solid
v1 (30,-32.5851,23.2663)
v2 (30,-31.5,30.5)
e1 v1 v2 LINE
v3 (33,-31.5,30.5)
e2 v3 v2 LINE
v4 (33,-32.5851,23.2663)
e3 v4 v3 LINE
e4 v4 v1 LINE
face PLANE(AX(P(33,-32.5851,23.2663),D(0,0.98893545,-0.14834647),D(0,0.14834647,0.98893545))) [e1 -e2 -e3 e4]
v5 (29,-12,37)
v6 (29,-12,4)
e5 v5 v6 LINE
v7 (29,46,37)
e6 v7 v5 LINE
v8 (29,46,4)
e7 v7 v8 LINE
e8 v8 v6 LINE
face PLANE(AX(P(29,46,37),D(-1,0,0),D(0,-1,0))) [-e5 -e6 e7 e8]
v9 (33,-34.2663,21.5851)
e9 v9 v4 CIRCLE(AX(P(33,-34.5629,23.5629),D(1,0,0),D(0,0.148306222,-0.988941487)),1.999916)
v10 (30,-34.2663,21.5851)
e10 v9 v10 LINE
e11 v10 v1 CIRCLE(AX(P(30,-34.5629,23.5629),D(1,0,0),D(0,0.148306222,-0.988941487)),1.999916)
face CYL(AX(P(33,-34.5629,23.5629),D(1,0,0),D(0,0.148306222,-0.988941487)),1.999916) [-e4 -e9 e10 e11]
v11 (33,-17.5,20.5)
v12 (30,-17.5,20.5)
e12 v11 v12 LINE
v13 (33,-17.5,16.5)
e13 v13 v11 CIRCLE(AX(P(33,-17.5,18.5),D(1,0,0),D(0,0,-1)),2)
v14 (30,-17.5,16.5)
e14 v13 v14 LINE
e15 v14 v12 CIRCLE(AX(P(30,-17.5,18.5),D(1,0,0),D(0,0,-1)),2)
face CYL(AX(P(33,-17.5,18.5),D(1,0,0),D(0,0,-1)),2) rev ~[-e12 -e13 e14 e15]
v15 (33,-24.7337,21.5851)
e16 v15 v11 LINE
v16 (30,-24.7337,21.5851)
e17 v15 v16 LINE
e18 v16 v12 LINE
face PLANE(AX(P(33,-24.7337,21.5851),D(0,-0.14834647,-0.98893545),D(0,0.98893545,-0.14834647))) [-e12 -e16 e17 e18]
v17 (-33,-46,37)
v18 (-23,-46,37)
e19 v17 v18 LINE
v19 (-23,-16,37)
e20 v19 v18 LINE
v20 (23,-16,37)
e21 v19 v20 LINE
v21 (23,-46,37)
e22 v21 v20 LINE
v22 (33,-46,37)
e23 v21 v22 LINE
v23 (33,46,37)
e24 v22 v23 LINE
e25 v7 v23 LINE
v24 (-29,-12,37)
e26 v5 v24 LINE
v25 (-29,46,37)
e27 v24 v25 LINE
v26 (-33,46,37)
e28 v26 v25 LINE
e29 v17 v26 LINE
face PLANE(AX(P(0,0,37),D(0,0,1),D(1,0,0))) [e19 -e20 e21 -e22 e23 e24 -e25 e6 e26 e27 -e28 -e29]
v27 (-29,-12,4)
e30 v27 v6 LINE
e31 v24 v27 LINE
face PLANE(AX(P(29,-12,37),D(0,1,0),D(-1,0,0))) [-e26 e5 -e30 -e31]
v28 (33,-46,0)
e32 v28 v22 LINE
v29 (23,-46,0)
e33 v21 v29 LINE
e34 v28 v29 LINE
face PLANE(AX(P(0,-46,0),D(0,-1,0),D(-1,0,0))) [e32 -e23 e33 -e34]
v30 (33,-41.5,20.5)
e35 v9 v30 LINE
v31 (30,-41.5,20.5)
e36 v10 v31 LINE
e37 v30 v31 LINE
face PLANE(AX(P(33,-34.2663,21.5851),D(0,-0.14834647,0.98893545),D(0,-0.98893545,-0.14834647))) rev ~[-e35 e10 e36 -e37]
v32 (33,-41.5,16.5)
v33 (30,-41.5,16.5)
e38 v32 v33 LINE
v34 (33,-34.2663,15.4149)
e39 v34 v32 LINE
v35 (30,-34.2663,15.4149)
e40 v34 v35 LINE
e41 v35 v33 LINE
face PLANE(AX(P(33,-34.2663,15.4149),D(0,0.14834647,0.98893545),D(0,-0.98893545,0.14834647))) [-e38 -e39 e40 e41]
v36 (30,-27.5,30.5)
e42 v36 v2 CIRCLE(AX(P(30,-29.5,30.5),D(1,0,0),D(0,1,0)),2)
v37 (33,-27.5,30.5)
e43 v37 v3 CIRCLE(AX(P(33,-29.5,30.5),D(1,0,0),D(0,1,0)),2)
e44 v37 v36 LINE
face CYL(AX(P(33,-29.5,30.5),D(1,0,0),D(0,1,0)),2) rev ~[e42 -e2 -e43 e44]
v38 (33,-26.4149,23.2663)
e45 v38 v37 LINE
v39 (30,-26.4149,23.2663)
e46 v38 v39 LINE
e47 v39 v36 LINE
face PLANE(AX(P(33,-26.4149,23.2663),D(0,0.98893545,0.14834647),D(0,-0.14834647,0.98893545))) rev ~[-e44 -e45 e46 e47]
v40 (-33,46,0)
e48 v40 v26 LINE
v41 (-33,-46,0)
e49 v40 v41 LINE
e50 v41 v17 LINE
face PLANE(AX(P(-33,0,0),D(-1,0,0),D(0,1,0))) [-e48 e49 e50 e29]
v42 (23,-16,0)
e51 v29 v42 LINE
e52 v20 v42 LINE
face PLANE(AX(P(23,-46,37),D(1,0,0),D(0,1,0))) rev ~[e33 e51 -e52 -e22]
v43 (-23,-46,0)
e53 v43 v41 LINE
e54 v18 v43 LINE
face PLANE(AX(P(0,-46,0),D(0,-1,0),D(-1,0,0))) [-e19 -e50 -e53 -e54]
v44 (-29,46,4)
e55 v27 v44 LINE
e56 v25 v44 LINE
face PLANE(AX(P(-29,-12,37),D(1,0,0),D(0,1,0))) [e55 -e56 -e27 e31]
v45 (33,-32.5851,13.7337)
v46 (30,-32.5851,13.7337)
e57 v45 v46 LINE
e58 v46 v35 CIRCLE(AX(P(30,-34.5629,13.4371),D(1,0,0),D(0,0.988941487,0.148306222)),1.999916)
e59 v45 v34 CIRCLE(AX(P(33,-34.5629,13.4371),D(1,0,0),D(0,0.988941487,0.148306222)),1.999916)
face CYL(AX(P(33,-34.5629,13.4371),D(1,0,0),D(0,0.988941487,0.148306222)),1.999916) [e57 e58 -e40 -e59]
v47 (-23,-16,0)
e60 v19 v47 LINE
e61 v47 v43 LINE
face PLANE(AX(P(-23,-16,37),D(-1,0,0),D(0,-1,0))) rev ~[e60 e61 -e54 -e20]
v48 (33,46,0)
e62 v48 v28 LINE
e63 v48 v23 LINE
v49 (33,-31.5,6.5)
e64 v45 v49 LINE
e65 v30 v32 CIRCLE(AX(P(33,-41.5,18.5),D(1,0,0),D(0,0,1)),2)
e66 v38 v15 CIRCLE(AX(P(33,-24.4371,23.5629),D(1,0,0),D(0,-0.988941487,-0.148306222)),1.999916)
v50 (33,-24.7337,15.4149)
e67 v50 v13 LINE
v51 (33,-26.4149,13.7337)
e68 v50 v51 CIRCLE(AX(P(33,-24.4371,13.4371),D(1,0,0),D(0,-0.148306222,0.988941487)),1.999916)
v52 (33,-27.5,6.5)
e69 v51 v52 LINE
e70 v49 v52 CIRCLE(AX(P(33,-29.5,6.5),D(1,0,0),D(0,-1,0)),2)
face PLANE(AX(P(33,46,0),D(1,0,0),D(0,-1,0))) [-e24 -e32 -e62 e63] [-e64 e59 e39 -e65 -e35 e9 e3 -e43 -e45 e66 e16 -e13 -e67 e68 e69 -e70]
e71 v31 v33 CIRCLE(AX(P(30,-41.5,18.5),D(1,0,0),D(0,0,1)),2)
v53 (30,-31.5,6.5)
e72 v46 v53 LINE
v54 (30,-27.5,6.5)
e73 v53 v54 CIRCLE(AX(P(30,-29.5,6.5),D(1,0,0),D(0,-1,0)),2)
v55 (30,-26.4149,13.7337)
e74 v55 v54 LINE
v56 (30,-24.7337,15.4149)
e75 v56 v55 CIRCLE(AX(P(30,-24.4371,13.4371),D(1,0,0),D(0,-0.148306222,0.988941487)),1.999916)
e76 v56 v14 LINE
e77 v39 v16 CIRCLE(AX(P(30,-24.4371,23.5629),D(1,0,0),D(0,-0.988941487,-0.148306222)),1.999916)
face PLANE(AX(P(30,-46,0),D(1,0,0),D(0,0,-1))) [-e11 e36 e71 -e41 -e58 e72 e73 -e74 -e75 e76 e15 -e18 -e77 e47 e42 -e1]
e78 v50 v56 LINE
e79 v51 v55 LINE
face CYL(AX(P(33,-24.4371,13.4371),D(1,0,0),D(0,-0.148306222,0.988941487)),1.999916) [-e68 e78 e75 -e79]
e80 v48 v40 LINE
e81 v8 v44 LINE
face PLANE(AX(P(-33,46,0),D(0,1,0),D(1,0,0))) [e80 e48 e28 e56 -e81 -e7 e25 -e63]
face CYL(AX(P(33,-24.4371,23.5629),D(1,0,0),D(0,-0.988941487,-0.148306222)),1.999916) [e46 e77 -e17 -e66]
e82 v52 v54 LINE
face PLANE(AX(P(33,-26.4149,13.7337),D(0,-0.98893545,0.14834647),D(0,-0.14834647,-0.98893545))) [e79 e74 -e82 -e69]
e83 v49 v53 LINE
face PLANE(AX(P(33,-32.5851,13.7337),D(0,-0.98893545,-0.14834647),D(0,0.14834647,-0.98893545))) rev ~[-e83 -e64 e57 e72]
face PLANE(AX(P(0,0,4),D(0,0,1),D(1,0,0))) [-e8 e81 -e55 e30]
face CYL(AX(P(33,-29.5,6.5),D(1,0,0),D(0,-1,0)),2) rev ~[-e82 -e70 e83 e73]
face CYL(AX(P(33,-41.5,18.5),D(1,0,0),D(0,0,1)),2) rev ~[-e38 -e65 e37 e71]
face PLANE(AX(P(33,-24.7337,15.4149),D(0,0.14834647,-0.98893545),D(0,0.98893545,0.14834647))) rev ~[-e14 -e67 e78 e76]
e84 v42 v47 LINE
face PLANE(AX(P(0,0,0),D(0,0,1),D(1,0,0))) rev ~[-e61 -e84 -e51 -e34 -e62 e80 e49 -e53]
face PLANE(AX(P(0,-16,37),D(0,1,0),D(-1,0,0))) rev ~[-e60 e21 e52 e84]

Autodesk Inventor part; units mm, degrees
sketch "Skizze1" plane through (0, 0, 0) normal (0, 0, 1) x (1, 0, 0)
  line L0 (-33, 46) -> (33, 46)
  line L1 (33, 46) -> (33, -46)
  line L2 (33, -46) -> (-33, -46)
  line L3 (-33, -46) -> (-33, 46)
  line L4 (0, -64.4) -> (0, 64.4) projected
  line L5 (-46.2, 0) -> (46.2, 0) projected
  point P0 (0, 0)
  dimension "d0" = 66
  dimension "d1" = 92
extrude "Extrusion1" add sketch "Skizze1" along normal blind 37
sketch "Skizze2" plane through (0, 0, 37) normal (0, 0, 1) x (1, 0, 0)
  line L0 (-33, -46) -> (33, -46) projected
  line L1 (-23, -46) -> (23, -46)
  line L2 (23, -46) -> (23, -16)
  line L3 (23, -16) -> (-23, -16)
  line L4 (-23, -16) -> (-23, -46)
  line L5 (0, -64.4) -> (0, 64.4) projected
  point P0 (0, 0)
  dimension "d4" = 46
  dimension "d5" = 30
extrude "Extrusion2" cut sketch "Skizze2" against normal blind 37
sketch "Skizze3" plane through (0, 0, 37) normal (0, 0, 1) x (1, 0, 0)
  line L0 (33, 46) -> (-33, 46) projected
  line L1 (-29, 46) -> (29, 46)
  line L2 (29, 46) -> (29, -12)
  line L3 (29, -12) -> (-29, -12)
  line L4 (-29, -12) -> (-29, 46)
  line L5 (0, -64.4) -> (0, 64.4) projected
  point P0 (0, 0)
  dimension "d8" = 58
  dimension "d9" = 58
extrude "Extrusion3" cut sketch "Skizze3" against normal blind 33
sketch "Skizze9" plane through (33, -46, 0) normal (1, 0, 0) x (0, 0, -1)
  line L0 (-18.5, 4.5) -> (-18.5, 28.5) construction
  line L1 (-16.5, 4.5) -> (-16.5, 28.5)
  line L2 (-20.5, 28.5) -> (-20.5, 4.5)
  arc A0 (-20.5, 4.5) -> (-16.5, 4.5) centre (-18.5, 4.5) ccw
  arc A1 (-16.5, 28.5) -> (-20.5, 28.5) centre (-18.5, 28.5) ccw
  line L3 (0, 0) -> (-37, 0) projected
  line L4 (0, 0) -> (0, 92) projected
  line L5 (-30.5, 16.5) -> (-6.5, 16.5) construction
  line L6 (-30.5, 14.5) -> (-6.5, 14.5)
  line L7 (-6.5, 18.5) -> (-30.5, 18.5)
  arc A2 (-30.5, 18.5) -> (-30.5, 14.5) centre (-30.5, 16.5) ccw
  arc A3 (-6.5, 14.5) -> (-6.5, 18.5) centre (-6.5, 16.5) ccw
  line L8 (-21.5851, 21.2663) -> (-20.5, 28.5)
  line L9 (-15.4149, 21.2663) -> (-16.5, 28.5)
  line L10 (-21.5851, 11.7337) -> (-20.5, 4.5)
  line L11 (-15.4149, 11.7337) -> (-16.5, 4.5)
  line L12 (-23.2663, 19.5851) -> (-30.5, 18.5)
  line L13 (-23.2663, 13.4149) -> (-30.5, 14.5)
  line L14 (-13.7337, 19.5851) -> (-6.5, 18.5)
  line L15 (-13.7337, 13.4149) -> (-6.5, 14.5)
  arc A4 (-23.2663, 19.5851) -> (-21.5851, 21.2663) centre (-23.5629, 21.5629) ccw
  arc A5 (-15.4149, 21.2663) -> (-13.7337, 19.5851) centre (-13.4371, 21.5629) ccw
  arc A6 (-13.7337, 13.4149) -> (-15.4149, 11.7337) centre (-13.4371, 11.4371) ccw
  arc A7 (-21.5851, 11.7337) -> (-23.2663, 13.4149) centre (-23.5629, 11.4371) ccw
  point P0 (0, 46)
  point P1 (-18.5, 16.5)
  point P2 (-18.5, 16.5)
  point P3 (-22, 18.5)
  point P4 (-15, 18.5)
  point P5 (-22, 14.5)
  point P6 (-15, 14.5)
  point P7 (-20.5, 20)
  point P8 (-20.5, 13)
  point P9 (-16.5, 20)
  point P10 (-16.5, 13)
  point P11 (-20.5, 4.5)
  point P12 (-16.5, 4.5)
  dimension "d59" = 4.5
  dimension "d60" = 2
  dimension "d62" = 4
  dimension "d63" = 24
  dimension "d65" = 24
  dimension "d66" = 2
extrude "Extrusion5" cut sketch "Skizze9" against normal blind 3
properties part number "Block"
